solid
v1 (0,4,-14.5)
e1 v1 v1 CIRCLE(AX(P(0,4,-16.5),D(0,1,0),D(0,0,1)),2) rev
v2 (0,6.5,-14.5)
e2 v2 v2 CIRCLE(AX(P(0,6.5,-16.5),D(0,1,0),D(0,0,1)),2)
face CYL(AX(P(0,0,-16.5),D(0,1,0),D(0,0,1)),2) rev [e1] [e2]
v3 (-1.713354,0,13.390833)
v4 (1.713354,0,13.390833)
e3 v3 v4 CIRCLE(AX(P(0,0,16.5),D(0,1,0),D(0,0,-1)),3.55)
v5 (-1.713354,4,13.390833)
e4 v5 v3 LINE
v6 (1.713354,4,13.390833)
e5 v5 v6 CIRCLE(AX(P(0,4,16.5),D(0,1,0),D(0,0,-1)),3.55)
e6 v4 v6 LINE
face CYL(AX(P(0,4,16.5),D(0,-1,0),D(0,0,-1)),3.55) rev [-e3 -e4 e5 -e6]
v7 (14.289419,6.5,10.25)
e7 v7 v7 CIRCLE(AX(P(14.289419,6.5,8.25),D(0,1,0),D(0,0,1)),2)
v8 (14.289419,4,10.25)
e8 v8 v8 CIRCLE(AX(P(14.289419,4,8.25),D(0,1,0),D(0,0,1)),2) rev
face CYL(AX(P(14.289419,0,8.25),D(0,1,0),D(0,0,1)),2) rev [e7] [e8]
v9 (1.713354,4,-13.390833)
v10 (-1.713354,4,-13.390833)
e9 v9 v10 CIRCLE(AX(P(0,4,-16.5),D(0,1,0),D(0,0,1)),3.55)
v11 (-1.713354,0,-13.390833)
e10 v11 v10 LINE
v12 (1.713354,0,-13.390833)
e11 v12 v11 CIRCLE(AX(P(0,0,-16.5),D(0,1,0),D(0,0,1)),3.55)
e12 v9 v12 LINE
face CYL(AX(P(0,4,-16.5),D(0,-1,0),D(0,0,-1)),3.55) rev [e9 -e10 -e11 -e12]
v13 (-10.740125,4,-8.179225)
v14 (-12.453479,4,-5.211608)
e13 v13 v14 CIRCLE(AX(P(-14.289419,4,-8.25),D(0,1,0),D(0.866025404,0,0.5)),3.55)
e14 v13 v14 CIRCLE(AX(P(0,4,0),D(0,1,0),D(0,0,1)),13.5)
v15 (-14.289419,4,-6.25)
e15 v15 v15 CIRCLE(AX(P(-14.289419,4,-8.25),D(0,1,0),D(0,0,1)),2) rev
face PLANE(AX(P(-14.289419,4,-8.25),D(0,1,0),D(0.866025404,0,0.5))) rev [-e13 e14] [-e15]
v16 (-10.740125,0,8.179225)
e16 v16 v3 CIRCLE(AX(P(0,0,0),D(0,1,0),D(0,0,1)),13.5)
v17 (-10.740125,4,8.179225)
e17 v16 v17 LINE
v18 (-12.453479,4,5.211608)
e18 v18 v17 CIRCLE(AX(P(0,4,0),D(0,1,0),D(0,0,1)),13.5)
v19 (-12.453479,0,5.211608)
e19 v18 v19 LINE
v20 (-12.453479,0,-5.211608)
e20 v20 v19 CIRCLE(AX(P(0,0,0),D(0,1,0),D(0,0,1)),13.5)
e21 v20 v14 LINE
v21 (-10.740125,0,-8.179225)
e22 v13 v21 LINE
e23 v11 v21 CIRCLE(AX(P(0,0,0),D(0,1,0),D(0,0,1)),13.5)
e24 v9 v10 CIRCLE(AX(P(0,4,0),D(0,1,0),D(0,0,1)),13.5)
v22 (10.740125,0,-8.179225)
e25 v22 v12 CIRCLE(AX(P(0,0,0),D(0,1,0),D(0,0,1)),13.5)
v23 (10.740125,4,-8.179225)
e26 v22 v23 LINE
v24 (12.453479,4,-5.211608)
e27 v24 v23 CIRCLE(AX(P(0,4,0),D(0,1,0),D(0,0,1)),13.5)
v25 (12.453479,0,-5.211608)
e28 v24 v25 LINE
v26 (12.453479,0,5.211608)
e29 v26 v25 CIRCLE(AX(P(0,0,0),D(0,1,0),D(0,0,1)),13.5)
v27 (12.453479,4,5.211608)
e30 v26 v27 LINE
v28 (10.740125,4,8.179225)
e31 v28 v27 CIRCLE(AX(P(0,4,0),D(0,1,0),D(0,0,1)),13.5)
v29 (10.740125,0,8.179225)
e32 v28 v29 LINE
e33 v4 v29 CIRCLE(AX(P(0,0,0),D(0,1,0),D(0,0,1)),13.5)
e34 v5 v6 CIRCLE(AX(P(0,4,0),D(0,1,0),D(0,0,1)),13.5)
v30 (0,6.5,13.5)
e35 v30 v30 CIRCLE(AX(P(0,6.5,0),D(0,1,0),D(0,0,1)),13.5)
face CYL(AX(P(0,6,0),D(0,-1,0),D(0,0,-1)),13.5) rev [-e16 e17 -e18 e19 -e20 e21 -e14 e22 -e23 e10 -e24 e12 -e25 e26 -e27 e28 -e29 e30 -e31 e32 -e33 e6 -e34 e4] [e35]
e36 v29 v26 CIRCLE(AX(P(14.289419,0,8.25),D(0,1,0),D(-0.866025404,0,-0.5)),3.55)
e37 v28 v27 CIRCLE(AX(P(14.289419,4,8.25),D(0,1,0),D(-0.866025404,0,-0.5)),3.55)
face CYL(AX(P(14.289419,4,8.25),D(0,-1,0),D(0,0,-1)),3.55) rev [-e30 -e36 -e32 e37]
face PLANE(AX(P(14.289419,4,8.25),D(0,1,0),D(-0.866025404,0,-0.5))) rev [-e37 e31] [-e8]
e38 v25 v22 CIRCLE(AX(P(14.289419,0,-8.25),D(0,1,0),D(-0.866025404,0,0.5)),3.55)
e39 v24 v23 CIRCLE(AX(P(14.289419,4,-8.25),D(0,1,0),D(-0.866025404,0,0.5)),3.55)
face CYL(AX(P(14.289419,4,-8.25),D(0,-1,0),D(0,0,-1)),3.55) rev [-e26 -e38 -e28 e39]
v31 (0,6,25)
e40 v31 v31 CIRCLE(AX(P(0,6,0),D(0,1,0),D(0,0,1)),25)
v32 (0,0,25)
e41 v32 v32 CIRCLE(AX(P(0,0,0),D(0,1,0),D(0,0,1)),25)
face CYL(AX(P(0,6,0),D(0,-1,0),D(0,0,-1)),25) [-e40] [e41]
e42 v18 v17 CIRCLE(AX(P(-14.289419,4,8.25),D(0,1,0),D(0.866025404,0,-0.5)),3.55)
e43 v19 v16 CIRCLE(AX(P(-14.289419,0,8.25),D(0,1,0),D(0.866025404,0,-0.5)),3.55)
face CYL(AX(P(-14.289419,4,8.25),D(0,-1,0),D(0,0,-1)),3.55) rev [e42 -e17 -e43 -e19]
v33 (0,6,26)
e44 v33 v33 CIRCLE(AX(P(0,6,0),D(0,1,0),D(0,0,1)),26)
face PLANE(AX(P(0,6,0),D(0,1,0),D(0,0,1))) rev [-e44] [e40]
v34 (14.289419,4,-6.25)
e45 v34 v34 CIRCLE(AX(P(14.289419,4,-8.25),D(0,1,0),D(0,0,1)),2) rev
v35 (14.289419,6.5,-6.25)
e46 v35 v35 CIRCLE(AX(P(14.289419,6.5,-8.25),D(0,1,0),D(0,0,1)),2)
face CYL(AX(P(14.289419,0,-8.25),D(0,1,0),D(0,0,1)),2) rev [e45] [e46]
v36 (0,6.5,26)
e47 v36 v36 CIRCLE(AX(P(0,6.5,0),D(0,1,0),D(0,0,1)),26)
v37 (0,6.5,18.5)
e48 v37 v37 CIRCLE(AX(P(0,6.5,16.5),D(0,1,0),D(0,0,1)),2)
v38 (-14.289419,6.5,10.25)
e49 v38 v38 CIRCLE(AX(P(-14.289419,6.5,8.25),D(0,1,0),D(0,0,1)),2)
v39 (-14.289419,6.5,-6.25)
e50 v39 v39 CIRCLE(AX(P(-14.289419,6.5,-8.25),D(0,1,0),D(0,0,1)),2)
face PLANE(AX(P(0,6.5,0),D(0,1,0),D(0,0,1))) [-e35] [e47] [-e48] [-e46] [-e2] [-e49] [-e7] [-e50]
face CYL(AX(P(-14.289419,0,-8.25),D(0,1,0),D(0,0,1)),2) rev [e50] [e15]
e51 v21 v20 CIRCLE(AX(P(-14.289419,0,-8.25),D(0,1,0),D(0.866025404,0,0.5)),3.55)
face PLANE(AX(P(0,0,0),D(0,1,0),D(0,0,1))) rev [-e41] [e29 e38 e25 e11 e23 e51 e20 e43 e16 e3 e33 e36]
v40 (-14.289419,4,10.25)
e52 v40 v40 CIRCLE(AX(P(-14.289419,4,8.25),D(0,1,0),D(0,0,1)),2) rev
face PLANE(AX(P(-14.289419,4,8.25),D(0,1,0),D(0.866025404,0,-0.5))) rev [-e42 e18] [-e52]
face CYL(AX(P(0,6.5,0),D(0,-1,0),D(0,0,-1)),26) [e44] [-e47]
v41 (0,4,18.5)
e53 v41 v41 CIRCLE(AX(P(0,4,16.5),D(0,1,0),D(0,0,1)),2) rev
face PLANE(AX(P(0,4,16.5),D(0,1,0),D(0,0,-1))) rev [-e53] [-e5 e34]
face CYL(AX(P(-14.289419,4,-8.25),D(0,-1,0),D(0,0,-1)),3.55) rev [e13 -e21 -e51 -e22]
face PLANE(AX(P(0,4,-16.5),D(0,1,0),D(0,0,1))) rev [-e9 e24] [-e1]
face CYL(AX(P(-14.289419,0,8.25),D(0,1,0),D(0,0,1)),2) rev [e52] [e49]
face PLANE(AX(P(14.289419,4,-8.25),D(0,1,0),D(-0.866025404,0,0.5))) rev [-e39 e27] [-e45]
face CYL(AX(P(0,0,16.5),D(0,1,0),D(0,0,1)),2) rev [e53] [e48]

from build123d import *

# Parameters (mm, degrees)
SKETCH1_R           = 25
SKETCH1_R_2         = 13.5
BOSS_EXTRUDE1_DEPTH = 6
SKETCH2_R           = 2
CUT_EXTRUDE1_DEPTH  = 36.860842154
SKETCH3_R           = 3.55
CUT_EXTRUDE4_DEPTH  = 4
CIRPATTERN2_COUNT   = 6
SKETCH4_R           = 26
SKETCH4_R_2         = 2
SKETCH4_R_3         = 13.5
BOSS_EXTRUDE3_DEPTH = 0.5


with BuildPart() as part:
    # Sketch1 → Boss-Extrude1 (new body)
    with BuildSketch(Plane(origin=(0, 0, 0), x_dir=(1, 0, 0), z_dir=(0, 1, 0))):
        with Locations(Location((0, 0, 0), (0, 0, 270))):
            Circle(SKETCH1_R)
        with Locations(Location((0, 0, 0), (0, 0, 270))):
            Circle(SKETCH1_R_2, mode=Mode.SUBTRACT)
    extrude(amount=BOSS_EXTRUDE1_DEPTH)

    # Sketch2 → Cut-Extrude1 (cut, through all)
    with BuildSketch(Plane(origin=(0, 6, 0), x_dir=(1, 0, 0), z_dir=(0, 1, 0))):
        with Locations(Location((0, 16.5, 0), (0, 0, 270))):
            Circle(SKETCH2_R)
    cut_extrude1 = extrude(amount=-CUT_EXTRUDE1_DEPTH, mode=Mode.SUBTRACT)

    # Sketch3 → Cut-Extrude4 (cut)
    with BuildSketch(Plane(origin=(0, 0, 0), x_dir=(1, 0, 0), z_dir=(0, 1, 0))):
        with Locations((0, 16.5)):
            Circle(SKETCH3_R)
    cut_extrude4 = extrude(amount=CUT_EXTRUDE4_DEPTH, mode=Mode.SUBTRACT)

    # CirPattern2: Cut-Extrude1, Cut-Extrude4 ×6 about axis
    cirpattern2_axis = Axis((0, 0, 0), (0, 1, 0))
    add([cut_extrude1.rotate(cirpattern2_axis, i * 360 / CIRPATTERN2_COUNT) for i in range(1, CIRPATTERN2_COUNT)], mode=Mode.SUBTRACT)
    add([cut_extrude4.rotate(cirpattern2_axis, i * 360 / CIRPATTERN2_COUNT) for i in range(1, CIRPATTERN2_COUNT)], mode=Mode.SUBTRACT)

    # Sketch4 → Boss-Extrude3 (add)
    with BuildSketch(Plane(origin=(0, 6, 0), x_dir=(1, 0, 0), z_dir=(0, 1, 0))):
        with Locations(Location((0, 0, 0), (0, 0, 270))):
            Circle(SKETCH4_R)
        with Locations(Location((14.289419162, 8.25, 0), (0, 0, 270))):
            Circle(SKETCH4_R_2, mode=Mode.SUBTRACT)
        with Locations(Location((14.289419162, -8.25, 0), (0, 0, 270))):
            Circle(SKETCH4_R_2, mode=Mode.SUBTRACT)
        with Locations(Location((0, -16.5, 0), (0, 0, 270))):
            Circle(SKETCH4_R_2, mode=Mode.SUBTRACT)
        with Locations(Location((0, 0, 0), (0, 0, 82.708634602))):
            Circle(SKETCH4_R_3, mode=Mode.SUBTRACT)
        with Locations(Location((-14.289419162, -8.25, 0), (0, 0, 270))):
            Circle(SKETCH4_R_2, mode=Mode.SUBTRACT)
        with Locations(Location((-14.289419162, 8.25, 0), (0, 0, 270))):
            Circle(SKETCH4_R_2, mode=Mode.SUBTRACT)
        with Locations(Location((0, 16.5, 0), (0, 0, 270))):
            Circle(SKETCH4_R_2, mode=Mode.SUBTRACT)
    extrude(amount=BOSS_EXTRUDE3_DEPTH)


solid = part.part
